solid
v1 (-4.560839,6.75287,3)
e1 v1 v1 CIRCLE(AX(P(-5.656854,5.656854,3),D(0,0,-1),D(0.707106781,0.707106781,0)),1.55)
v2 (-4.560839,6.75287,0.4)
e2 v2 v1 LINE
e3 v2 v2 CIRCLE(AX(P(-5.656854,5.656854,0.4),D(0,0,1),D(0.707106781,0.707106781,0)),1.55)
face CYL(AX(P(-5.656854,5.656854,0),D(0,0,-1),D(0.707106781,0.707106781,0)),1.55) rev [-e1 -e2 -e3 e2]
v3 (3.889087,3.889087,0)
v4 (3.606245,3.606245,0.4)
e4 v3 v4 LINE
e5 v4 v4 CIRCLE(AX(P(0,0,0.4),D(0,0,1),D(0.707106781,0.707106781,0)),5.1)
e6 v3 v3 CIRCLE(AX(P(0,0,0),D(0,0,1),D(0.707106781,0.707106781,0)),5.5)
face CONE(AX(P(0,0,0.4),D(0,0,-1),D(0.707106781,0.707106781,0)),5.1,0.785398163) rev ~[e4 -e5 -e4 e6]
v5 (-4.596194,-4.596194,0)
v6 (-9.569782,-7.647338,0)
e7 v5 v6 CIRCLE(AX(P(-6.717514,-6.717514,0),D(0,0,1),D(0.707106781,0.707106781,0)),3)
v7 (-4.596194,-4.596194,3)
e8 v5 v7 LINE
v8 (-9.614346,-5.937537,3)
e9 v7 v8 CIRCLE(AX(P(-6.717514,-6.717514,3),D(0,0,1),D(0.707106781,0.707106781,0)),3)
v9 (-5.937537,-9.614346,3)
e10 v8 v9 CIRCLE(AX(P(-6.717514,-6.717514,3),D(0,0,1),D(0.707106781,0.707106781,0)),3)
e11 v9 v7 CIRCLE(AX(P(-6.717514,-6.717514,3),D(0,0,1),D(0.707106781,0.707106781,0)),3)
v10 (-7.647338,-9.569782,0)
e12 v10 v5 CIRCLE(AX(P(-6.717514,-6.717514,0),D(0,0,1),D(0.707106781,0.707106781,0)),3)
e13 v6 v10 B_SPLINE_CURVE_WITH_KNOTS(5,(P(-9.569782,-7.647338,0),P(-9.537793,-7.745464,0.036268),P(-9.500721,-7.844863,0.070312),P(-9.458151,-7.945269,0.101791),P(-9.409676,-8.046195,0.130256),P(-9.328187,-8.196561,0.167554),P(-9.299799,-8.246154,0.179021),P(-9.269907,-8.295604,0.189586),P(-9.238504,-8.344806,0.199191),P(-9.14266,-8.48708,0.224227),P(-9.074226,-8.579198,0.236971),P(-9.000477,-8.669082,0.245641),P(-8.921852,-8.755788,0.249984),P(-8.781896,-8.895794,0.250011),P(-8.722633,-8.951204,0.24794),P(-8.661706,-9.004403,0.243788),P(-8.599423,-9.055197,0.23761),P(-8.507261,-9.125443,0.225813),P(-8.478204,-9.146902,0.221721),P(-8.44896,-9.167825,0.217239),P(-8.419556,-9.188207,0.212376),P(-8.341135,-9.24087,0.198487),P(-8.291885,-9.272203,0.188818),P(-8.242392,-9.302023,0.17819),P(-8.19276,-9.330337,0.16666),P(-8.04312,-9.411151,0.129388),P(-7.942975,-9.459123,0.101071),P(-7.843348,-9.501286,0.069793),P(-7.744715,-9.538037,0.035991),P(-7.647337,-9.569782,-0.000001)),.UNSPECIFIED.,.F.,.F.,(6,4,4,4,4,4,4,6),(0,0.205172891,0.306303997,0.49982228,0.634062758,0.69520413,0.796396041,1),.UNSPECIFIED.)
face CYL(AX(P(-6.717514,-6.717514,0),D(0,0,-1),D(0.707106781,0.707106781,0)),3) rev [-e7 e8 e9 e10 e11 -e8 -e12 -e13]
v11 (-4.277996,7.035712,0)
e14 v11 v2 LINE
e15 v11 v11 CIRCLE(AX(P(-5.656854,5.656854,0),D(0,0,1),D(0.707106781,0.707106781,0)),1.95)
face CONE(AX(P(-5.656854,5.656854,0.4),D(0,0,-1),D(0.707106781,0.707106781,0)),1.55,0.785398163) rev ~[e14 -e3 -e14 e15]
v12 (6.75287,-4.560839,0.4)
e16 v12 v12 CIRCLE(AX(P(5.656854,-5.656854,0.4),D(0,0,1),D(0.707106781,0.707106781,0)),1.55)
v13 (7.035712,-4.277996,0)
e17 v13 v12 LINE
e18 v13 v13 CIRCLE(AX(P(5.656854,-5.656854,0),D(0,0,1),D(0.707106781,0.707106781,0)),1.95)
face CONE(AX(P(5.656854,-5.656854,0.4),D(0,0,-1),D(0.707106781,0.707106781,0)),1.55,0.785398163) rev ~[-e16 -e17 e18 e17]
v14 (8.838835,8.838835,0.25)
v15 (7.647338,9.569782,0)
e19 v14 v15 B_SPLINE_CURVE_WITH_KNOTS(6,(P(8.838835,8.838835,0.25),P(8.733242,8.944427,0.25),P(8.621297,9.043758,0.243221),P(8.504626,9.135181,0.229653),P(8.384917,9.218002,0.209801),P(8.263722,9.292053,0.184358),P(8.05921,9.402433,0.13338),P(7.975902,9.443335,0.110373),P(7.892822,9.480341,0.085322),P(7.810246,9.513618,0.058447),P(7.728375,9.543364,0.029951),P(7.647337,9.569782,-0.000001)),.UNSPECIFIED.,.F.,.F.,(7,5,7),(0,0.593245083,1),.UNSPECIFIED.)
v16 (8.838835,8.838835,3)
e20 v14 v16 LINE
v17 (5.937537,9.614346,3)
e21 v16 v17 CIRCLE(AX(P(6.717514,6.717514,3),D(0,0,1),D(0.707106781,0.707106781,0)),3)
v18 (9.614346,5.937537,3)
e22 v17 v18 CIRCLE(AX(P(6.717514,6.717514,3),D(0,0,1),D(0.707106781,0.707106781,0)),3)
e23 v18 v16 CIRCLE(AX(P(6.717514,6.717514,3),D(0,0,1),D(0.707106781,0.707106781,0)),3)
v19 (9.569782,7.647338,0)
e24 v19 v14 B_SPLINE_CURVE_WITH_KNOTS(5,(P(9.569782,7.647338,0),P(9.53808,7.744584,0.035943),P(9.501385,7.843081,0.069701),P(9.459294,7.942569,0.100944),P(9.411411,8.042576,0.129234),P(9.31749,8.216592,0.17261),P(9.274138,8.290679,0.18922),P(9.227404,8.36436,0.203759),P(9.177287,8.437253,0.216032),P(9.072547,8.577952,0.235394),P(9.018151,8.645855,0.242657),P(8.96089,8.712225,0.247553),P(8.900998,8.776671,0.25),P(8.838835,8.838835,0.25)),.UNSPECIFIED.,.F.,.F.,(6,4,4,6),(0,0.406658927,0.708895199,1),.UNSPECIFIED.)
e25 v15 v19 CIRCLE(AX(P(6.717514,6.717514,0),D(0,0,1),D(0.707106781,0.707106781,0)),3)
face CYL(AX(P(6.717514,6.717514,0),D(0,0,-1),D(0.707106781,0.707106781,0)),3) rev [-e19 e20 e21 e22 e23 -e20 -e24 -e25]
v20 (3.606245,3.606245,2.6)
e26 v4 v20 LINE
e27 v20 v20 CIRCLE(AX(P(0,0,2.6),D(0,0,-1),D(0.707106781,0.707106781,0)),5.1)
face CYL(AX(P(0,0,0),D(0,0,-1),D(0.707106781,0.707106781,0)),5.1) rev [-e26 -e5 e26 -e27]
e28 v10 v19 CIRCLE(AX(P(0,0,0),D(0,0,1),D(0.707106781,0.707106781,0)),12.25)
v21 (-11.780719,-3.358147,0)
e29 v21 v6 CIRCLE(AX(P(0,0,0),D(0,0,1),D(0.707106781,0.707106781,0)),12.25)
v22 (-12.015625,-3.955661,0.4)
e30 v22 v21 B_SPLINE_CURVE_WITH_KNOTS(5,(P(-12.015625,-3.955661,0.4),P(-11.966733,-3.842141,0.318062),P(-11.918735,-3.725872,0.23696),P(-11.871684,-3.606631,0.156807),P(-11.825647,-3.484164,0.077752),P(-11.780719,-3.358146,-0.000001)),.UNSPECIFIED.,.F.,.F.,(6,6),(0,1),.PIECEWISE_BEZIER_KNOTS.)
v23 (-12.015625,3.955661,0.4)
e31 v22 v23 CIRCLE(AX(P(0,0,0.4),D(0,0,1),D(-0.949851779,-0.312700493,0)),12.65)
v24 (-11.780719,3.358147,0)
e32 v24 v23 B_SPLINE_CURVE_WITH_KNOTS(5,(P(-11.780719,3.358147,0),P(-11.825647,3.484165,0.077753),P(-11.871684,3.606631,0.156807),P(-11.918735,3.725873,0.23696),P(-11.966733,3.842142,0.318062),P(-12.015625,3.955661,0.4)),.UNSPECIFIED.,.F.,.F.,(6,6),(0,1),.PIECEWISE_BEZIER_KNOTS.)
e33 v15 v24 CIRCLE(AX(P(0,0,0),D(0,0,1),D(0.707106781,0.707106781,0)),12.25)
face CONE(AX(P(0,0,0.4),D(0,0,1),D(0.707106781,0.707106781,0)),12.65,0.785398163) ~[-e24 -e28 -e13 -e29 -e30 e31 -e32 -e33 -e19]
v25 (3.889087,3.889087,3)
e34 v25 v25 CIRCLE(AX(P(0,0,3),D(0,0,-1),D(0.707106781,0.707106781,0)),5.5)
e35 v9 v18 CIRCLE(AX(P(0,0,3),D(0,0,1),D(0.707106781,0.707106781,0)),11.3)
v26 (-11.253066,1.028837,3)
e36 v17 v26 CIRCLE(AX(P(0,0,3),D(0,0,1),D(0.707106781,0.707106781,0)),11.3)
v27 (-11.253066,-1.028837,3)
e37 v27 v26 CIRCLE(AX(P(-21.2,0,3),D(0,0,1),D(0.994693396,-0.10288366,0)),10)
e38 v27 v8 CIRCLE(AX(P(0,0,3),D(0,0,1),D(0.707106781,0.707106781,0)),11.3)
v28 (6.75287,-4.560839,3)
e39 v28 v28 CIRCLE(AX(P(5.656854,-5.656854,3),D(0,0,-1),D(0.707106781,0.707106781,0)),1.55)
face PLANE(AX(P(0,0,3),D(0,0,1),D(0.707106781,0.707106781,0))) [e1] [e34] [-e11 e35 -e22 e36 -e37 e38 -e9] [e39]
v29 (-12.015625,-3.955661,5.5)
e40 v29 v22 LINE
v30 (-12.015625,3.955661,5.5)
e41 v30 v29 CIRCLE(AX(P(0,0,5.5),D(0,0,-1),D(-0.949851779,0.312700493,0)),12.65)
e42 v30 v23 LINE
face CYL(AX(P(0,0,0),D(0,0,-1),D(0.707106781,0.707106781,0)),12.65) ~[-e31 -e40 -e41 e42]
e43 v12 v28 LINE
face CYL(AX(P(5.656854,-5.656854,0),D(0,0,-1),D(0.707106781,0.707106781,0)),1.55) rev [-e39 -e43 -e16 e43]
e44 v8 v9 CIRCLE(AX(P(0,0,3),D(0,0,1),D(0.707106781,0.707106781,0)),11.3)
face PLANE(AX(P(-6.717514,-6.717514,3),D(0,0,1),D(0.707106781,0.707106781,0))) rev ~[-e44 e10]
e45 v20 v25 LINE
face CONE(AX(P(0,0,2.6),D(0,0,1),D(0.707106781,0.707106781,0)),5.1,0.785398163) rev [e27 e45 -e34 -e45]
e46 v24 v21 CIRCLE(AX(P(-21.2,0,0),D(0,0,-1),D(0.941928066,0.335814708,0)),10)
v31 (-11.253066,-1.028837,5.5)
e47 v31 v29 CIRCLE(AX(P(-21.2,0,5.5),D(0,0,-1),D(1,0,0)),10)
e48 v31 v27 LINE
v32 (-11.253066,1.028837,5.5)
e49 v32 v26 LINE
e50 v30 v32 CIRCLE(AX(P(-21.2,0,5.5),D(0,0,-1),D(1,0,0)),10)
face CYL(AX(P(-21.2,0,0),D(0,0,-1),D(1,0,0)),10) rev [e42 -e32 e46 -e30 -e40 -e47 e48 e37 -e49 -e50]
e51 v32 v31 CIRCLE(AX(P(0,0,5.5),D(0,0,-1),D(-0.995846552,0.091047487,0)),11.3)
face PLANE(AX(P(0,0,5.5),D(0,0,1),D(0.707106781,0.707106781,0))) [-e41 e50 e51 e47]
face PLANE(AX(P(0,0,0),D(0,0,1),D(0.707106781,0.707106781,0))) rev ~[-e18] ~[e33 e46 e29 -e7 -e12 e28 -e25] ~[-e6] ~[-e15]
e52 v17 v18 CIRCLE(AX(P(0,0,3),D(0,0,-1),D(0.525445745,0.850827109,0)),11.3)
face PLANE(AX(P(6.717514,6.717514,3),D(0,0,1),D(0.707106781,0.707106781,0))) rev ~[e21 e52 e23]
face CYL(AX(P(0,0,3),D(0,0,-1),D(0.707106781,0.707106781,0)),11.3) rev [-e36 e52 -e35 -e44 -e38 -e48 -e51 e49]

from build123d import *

# Parameters (mm, degrees)
CYLINDER043_R                      = 10
CYLINDER043_DEPTH                  = 10
CYLINDER042_R                      = 3
CYLINDER042_DEPTH                  = 3
CYLINDER041_R                      = 3
CYLINDER041_DEPTH                  = 3
CYLINDER027_R                      = 1.55
CYLINDER027_DEPTH                  = 5
CYLINDER028_R                      = 1.55
CYLINDER028_DEPTH                  = 5
CYLINDER026_R                      = 5.1
CYLINDER026_DEPTH                  = 10
CYLINDER025_R                      = 11.3
CYLINDER025_DEPTH                  = 5.5
CYLINDER024_R                      = 12.65
CYLINDER024_DEPTH                  = 5.5
CHAMFER010005_SIZE                 = 0.4
CUT017021010004015_PLACEMENT_ANGLE = 45


with BuildPart() as cylinder043:
    # Cylinder043 → Cylinder043 (new body)
    with BuildSketch(Plane(origin=(-21.2, 0, 0), x_dir=(1, 0, 0), z_dir=(0, 0, 1))):
        Circle(CYLINDER043_R)
    extrude(amount=CYLINDER043_DEPTH)


with BuildPart() as cylinder042:
    # Cylinder042 → Cylinder042 (new body)
    with BuildSketch(Plane(origin=(-9.5, 0, 0), x_dir=(1, 0, 0), z_dir=(0, 0, 1))):
        Circle(CYLINDER042_R)
    extrude(amount=CYLINDER042_DEPTH)


with BuildPart() as fusion021005:
    # Cylinder041 → Cylinder041 (new body)
    with BuildSketch(Plane(origin=(9.5, 0, 0), x_dir=(1, 0, 0), z_dir=(0, 0, 1))):
        Circle(CYLINDER041_R)
    extrude(amount=CYLINDER041_DEPTH)

    # Fusion021005: union Cylinder042
    add(cylinder042.part)


with BuildPart() as cylinder027:
    # Cylinder027 → Cylinder027 (new body)
    with BuildSketch(Plane(origin=(0, -8, 0), x_dir=(1, 0, 0), z_dir=(0, 0, 1))):
        Circle(CYLINDER027_R)
    extrude(amount=CYLINDER027_DEPTH)


with BuildPart() as fusion017:
    # Cylinder028 → Cylinder028 (new body)
    with BuildSketch(Plane(origin=(0, 8, 0), x_dir=(1, 0, 0), z_dir=(0, 0, 1))):
        Circle(CYLINDER028_R)
    extrude(amount=CYLINDER028_DEPTH)

    # Fusion017: union Cylinder027
    add(cylinder027.part)


with BuildPart() as cylinder026:
    # Cylinder026 → Cylinder026 (new body)
    with BuildSketch(Plane.XY):
        Circle(CYLINDER026_R)
    extrude(amount=CYLINDER026_DEPTH)


with BuildPart() as cylinder025:
    # Cylinder025 → Cylinder025 (new body)
    with BuildSketch(Plane.XY.offset(3)):
        Circle(CYLINDER025_R)
    extrude(amount=CYLINDER025_DEPTH)


with BuildPart() as adapter_standard:
    # Cylinder024 → Cylinder024 (new body)
    with BuildSketch(Plane.XY):
        Circle(CYLINDER024_R)
    extrude(amount=CYLINDER024_DEPTH)

    # Cut017021010004012: cut Cylinder025
    add(cylinder025.part, mode=Mode.SUBTRACT)

    # Cut017021010004013: cut Cylinder026
    add(cylinder026.part, mode=Mode.SUBTRACT)

    # Cut017021010004014: cut Fusion017
    add(fusion017.part, mode=Mode.SUBTRACT)

    # Chamfer010005
    chamfer010005_edges = [adapter_standard.edges().sort_by_distance(p)[0] for p in [
        (-12.65, 0, 0),
        (-1.55, -8, 0),
        (-5.1, 0, 0),
        (-1.55, 8, 0),
        (-5.1, 0, 3),
    ]]
    chamfer(chamfer010005_edges, length=CHAMFER010005_SIZE)

    # Cut017021010004015: cut Fusion021005
    add(fusion021005.part, mode=Mode.SUBTRACT)


with BuildPart() as adapter_standard_1:
    # Cut017021010004015 placement: moved
    add(adapter_standard.part.rotate(Axis((0, 0, 0), (0, 0, 1)), CUT017021010004015_PLACEMENT_ANGLE))

    # Cut017021010004016: cut Cylinder043
    add(cylinder043.part, mode=Mode.SUBTRACT)


solid = adapter_standard_1.part
